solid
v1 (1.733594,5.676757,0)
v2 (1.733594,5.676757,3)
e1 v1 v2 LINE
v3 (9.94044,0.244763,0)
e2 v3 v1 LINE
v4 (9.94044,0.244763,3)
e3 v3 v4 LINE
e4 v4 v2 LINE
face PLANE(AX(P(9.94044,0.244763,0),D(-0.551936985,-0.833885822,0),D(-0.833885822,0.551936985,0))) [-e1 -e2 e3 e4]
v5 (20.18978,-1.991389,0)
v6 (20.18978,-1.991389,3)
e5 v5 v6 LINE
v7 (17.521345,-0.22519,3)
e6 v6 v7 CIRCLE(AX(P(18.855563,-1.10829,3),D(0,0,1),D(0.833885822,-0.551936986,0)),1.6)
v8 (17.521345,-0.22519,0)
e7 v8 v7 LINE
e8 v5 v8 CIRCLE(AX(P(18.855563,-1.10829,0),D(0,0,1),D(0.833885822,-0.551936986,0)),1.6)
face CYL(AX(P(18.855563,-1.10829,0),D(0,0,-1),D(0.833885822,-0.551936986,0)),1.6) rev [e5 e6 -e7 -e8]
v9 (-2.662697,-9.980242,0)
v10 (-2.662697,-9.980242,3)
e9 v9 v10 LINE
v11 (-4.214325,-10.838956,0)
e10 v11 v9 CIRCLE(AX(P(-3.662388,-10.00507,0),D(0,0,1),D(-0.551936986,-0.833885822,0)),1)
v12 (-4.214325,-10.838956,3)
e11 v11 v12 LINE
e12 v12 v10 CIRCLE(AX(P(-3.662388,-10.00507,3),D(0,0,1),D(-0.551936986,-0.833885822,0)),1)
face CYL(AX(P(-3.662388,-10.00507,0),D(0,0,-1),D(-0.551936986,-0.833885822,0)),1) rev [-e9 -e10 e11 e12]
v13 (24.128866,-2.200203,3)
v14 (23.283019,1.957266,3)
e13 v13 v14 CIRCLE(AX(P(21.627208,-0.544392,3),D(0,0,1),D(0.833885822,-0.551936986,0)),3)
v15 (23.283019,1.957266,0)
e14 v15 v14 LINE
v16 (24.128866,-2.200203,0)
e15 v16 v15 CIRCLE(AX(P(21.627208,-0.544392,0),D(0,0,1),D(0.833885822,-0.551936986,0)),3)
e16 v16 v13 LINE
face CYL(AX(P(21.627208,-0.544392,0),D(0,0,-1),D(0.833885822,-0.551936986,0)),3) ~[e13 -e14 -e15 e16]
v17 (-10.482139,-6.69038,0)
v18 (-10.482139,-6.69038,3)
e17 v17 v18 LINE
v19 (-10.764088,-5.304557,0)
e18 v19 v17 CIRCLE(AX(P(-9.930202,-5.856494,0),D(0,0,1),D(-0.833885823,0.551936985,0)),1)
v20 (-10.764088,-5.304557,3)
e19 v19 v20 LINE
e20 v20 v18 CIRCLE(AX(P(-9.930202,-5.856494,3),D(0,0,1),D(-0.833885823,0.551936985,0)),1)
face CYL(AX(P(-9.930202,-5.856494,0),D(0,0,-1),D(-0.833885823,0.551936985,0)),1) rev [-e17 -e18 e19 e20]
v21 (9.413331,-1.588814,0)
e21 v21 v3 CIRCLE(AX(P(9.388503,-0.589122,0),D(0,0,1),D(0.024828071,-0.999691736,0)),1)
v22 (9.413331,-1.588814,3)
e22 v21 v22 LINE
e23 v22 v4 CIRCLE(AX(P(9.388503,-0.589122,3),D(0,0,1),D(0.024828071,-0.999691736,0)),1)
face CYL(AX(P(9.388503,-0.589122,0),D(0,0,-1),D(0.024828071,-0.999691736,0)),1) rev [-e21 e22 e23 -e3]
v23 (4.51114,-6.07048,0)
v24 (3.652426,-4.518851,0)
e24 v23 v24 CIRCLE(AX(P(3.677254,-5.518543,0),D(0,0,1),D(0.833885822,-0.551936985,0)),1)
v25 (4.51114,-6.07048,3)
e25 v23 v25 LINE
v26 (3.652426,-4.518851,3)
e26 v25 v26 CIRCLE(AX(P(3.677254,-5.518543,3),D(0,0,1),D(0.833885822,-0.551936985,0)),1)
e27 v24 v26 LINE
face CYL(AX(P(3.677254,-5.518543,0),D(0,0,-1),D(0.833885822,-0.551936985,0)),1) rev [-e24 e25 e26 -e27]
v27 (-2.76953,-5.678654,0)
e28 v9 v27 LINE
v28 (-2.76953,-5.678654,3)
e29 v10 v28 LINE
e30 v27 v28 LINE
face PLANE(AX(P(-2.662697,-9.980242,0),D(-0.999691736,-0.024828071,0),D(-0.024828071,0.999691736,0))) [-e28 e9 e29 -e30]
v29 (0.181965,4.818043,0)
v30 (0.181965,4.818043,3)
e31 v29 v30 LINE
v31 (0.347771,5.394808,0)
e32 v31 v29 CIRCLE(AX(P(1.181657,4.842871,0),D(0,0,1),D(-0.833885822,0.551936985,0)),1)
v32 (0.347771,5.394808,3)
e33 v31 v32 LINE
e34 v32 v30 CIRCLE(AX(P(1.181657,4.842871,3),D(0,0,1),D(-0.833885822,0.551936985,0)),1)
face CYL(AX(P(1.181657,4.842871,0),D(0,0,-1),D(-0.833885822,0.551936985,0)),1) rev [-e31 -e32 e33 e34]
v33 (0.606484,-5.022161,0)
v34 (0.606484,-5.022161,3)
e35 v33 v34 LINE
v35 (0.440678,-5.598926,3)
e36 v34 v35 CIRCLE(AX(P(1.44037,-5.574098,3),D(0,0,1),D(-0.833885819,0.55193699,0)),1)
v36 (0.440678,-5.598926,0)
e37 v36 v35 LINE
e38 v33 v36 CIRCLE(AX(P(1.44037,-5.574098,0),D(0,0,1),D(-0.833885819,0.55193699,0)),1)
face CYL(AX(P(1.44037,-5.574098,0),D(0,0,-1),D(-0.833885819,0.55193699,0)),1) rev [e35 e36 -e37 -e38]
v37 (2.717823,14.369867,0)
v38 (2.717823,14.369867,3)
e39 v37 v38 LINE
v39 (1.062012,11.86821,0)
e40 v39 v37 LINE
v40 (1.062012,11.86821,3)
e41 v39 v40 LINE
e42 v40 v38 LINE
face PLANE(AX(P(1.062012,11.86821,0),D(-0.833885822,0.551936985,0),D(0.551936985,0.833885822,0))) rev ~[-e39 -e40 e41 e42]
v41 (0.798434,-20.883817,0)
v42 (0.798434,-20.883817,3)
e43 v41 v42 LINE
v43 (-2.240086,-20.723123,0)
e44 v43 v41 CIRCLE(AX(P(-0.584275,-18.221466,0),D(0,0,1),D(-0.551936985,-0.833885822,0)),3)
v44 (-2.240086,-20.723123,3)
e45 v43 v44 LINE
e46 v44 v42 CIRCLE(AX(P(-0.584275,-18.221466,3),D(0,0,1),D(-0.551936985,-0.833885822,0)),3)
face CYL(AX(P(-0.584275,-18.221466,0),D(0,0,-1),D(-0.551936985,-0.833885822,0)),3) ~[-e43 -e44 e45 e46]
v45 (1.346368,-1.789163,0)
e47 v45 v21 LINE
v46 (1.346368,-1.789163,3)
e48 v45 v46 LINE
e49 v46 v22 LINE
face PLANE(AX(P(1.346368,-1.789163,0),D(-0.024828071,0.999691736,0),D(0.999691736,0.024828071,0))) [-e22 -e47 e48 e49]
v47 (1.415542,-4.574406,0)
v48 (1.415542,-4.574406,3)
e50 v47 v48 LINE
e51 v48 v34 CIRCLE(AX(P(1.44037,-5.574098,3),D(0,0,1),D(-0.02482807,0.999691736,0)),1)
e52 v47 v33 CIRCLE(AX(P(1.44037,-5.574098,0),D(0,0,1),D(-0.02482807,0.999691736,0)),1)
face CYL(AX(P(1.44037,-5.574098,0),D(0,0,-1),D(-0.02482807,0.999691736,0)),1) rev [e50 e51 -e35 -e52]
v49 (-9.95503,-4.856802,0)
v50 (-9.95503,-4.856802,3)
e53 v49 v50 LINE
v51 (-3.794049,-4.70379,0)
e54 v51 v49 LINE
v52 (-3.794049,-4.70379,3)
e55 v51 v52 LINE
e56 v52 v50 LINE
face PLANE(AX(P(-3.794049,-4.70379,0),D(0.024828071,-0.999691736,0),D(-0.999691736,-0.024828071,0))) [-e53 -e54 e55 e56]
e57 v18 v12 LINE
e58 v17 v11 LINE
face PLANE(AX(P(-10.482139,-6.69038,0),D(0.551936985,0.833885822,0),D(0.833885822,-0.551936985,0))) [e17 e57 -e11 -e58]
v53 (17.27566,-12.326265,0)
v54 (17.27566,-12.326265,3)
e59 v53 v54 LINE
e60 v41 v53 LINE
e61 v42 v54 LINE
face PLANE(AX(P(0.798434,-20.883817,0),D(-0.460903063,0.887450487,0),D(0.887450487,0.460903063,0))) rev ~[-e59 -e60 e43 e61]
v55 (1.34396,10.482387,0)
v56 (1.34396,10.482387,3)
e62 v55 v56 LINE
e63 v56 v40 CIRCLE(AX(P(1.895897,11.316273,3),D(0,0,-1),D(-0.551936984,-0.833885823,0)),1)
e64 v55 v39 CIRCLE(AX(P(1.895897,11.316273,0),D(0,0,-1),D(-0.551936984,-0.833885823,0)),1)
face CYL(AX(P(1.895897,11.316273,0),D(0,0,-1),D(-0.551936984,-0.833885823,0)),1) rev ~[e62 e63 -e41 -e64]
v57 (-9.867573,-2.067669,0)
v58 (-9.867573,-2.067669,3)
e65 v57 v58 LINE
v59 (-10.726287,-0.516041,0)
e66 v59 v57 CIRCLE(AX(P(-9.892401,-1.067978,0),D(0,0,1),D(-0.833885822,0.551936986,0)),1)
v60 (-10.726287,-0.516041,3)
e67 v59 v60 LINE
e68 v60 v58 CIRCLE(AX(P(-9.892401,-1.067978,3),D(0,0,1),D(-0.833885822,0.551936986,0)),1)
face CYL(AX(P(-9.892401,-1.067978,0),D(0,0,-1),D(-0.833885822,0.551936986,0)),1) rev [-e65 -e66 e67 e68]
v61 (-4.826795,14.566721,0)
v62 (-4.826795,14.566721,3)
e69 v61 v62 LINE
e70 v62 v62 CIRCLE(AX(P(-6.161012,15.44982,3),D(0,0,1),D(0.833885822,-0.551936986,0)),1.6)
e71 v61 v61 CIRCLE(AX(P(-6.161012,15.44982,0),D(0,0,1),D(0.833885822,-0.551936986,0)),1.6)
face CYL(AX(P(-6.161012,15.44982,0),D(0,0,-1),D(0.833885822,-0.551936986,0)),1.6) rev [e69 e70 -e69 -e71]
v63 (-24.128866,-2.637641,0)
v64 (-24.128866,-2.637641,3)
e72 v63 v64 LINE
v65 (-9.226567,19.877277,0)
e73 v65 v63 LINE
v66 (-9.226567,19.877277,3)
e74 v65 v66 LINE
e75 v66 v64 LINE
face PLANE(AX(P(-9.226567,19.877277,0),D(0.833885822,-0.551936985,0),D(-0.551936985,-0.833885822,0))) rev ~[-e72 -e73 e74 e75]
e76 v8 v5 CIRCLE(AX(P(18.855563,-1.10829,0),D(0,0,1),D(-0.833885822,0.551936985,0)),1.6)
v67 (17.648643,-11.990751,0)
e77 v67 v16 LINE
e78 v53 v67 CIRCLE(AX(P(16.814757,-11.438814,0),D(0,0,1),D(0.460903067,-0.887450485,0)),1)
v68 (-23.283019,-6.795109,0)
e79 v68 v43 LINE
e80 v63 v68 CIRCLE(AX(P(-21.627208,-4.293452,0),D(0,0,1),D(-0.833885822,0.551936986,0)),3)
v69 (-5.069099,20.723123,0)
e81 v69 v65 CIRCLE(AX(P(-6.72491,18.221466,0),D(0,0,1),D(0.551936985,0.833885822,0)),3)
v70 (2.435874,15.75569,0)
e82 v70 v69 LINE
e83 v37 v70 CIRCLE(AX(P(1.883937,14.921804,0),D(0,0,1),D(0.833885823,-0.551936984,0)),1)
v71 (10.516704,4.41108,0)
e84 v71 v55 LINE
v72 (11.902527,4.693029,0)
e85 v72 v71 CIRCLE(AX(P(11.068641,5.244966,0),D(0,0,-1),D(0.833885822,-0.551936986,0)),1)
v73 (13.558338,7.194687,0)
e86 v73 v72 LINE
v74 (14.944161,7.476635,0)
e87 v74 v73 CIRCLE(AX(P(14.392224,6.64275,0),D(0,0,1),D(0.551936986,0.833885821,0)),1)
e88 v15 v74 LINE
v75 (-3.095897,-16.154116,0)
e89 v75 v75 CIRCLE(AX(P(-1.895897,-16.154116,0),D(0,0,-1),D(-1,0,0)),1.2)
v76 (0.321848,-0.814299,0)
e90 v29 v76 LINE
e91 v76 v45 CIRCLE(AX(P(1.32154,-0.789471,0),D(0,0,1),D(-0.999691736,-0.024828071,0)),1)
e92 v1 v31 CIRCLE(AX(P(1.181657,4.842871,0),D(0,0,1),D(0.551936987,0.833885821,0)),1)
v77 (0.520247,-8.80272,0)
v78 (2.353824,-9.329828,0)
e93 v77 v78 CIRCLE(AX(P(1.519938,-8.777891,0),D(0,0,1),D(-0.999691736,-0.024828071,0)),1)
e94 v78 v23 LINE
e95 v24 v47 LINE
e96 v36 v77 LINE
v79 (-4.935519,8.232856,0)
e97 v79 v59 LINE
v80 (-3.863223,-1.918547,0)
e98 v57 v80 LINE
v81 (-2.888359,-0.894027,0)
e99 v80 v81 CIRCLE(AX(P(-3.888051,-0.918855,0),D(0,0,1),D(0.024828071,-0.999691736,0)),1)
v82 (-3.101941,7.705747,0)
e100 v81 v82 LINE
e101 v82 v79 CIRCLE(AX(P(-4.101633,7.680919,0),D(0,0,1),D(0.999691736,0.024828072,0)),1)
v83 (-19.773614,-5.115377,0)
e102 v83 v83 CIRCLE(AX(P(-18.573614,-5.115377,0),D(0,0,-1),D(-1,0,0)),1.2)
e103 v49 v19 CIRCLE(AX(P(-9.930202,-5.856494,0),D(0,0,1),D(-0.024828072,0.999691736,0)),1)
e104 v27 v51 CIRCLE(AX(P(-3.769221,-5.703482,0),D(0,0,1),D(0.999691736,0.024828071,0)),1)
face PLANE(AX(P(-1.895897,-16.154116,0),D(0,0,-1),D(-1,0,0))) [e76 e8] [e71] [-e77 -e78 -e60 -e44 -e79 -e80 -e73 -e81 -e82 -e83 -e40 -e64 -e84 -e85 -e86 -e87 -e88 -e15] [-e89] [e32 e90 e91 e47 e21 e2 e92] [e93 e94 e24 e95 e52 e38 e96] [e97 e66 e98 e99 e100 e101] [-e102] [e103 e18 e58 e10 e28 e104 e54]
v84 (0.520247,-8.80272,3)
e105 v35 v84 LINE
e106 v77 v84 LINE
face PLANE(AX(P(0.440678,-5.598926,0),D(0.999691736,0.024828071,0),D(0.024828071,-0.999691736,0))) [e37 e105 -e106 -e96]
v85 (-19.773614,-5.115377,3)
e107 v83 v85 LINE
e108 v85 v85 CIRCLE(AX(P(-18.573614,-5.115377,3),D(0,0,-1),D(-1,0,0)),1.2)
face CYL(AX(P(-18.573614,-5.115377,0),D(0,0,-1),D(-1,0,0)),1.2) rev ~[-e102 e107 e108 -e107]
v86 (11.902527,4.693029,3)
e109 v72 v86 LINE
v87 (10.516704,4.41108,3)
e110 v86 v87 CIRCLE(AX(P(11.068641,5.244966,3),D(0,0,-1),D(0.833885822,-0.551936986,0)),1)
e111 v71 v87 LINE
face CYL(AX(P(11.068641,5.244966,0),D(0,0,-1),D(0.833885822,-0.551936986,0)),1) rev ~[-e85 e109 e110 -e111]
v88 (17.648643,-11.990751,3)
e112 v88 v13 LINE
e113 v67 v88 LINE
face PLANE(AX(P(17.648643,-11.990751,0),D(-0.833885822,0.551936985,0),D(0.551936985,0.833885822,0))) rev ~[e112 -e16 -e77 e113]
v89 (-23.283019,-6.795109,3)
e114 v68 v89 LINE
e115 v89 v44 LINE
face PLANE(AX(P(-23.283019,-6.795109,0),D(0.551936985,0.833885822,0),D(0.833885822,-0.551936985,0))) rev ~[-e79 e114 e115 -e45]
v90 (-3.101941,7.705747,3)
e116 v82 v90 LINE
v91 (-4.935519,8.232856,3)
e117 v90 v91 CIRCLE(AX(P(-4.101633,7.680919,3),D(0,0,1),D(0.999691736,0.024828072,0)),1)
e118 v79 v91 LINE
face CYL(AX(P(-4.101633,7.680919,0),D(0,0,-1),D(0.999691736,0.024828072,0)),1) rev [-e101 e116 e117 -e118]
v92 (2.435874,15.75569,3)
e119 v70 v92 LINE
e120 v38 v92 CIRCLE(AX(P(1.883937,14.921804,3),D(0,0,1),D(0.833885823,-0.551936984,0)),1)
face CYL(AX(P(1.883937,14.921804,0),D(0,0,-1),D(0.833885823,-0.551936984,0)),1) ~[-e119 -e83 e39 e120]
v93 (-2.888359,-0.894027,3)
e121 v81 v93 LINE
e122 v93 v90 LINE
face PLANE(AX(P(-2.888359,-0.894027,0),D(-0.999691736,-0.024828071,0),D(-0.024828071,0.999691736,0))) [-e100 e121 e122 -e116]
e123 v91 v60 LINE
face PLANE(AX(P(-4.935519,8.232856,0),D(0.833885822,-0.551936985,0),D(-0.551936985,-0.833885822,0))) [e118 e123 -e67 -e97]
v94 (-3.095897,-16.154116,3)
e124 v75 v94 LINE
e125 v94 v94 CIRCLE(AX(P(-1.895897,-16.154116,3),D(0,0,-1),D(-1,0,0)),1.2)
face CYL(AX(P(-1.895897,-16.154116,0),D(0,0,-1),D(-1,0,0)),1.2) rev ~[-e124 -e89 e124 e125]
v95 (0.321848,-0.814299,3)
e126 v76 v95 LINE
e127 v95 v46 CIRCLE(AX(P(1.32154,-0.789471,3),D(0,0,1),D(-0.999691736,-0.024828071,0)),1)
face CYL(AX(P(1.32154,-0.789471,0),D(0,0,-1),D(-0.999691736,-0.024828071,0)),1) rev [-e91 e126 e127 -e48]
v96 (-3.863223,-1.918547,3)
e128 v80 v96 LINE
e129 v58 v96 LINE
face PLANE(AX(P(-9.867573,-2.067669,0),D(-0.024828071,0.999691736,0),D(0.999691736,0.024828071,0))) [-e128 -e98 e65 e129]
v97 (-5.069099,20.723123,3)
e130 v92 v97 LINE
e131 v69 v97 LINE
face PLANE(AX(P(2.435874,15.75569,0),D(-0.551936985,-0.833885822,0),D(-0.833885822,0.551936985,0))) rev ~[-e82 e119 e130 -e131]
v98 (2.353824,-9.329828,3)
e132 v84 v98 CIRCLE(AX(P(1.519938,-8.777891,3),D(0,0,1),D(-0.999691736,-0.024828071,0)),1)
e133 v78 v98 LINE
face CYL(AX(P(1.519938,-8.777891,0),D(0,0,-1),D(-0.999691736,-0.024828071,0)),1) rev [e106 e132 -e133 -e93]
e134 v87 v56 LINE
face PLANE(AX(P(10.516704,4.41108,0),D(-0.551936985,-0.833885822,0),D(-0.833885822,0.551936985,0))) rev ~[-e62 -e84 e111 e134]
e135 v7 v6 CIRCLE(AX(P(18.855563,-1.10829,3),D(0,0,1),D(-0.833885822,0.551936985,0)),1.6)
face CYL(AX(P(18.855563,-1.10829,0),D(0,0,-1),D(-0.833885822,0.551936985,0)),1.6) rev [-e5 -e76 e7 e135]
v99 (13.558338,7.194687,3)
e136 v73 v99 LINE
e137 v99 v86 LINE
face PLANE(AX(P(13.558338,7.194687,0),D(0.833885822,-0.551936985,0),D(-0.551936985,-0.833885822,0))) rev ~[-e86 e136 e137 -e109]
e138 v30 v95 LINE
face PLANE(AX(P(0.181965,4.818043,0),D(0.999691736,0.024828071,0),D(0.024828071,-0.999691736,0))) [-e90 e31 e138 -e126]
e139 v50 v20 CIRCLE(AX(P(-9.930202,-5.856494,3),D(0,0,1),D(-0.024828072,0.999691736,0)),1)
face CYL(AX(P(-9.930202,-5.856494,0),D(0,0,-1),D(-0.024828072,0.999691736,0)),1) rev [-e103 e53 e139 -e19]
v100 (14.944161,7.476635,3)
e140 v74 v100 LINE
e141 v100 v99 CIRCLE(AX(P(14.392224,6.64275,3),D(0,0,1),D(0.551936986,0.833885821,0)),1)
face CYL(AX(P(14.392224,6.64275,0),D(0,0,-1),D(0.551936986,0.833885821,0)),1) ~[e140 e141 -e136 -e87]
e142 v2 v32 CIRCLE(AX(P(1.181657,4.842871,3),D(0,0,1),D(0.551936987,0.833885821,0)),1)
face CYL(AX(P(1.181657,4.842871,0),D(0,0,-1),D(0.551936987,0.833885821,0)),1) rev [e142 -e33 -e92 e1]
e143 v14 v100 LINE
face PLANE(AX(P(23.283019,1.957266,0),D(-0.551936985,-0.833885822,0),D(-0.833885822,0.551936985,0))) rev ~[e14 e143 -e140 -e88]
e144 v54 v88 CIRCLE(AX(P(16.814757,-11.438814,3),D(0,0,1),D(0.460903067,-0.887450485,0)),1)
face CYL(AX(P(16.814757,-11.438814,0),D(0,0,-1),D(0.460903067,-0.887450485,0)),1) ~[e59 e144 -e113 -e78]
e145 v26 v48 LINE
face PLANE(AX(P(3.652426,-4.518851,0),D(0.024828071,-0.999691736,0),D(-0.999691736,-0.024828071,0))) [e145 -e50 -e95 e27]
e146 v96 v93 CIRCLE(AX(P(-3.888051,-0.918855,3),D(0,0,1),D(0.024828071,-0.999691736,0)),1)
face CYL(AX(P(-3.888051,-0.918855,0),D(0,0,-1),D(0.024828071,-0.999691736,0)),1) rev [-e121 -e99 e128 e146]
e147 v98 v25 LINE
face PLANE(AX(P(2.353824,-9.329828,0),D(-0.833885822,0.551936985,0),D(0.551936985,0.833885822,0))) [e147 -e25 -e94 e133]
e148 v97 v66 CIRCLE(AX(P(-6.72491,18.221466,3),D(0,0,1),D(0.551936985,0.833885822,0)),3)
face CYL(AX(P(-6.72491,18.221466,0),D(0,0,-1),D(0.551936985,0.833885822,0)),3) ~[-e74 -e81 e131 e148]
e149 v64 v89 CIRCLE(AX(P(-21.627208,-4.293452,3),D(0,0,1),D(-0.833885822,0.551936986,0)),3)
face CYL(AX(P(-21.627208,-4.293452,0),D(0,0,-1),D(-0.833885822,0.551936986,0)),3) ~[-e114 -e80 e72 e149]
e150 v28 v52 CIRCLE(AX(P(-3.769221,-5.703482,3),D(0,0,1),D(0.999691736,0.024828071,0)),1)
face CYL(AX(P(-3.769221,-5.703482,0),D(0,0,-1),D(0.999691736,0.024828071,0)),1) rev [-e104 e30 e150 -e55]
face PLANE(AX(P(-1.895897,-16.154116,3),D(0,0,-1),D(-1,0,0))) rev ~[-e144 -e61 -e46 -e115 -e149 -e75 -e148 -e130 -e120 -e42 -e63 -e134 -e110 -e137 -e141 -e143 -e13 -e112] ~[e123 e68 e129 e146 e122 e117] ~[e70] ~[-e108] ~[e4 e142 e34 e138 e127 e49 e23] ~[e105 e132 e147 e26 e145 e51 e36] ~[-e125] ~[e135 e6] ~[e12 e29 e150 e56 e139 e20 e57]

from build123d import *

# Parameters (mm, degrees)
EXTRUDE_1_DEPTH = 3
SKETCH_2_R      = 2.1
SKETCH_2_R_2    = 1.2
EXTRUDE_2_DEPTH = 3


with BuildPart() as part:
    # 草图1 → 凸台-拉伸1 (new body)
    with BuildSketch(Plane.XY):
        with BuildLine():
            Line((0.798434478, -20.883817003), (17.2756604, -12.326264758))
            ThreePointArc((17.2756604, -12.326264758), (17.48353375, -12.18227786), (17.648643158, -11.990751257))
            Line((17.648643158, -11.990751257), (24.128865743, -2.200202913))
            ThreePointArc((24.128865743, -2.200202913), (24.566982391, 0.053711846), (23.283019233, 1.957265509))
            Line((23.283019233, 1.957265509), (14.944161012, 7.476635362))
            ThreePointArc((14.944161012, 7.476635362), (14.192856092, 7.622674245), (13.558338205, 7.194686526))
            Line((13.558338205, 7.194686526), (11.902527249, 4.693029059))
            ThreePointArc((11.902527249, 4.693029059), (11.268009361, 4.26504134), (10.516704441, 4.411080223))
            Line((10.516704441, 4.411080223), (1.343960399, 10.482387061))
            ThreePointArc((1.343960399, 10.482387061), (0.915972679, 11.116904949), (1.062011562, 11.868209869))
            Line((1.062011562, 11.868209869), (2.717822518, 14.369867335))
            ThreePointArc((2.717822518, 14.369867335), (2.8638614, 15.121172254), (2.435873681, 15.755690142))
            Line((2.435873681, 15.755690142), (-5.069098717, 20.72312301))
            ThreePointArc((-5.069098717, 20.72312301), (-7.323013477, 21.161239658), (-9.22656714, 19.8772765))
            Line((-9.22656714, 19.8772765), (-24.128865743, -2.637640696))
            ThreePointArc((-24.128865743, -2.637640696), (-24.566982391, -4.891555455), (-23.283019233, -6.795109118))
            Line((-23.283019233, -6.795109118), (-2.240085668, -20.72312301))
            ThreePointArc((-2.240085668, -20.72312301), (-0.742710136, -21.217278992), (0.798434478, -20.883817003))
        make_face()
        with BuildLine():
            Line((3.65242583, -4.518851403), (1.415541705, -4.574406046))
            ThreePointArc((1.415541705, -4.574406046), (0.956150335, -4.699151193), (0.606483954, -5.022160797))
            ThreePointArc((0.606483954, -5.022160797), (0.479294259, -5.297811966), (0.44067804, -5.598925853))
            Line((0.44067804, -5.598925853), (0.520246584, -8.802719514))
            ThreePointArc((0.520246584, -8.802719514), (1.243652504, -9.738966959), (2.353824142, -9.329828428))
            Line((2.353824142, -9.329828428), (4.511139723, -6.070480125))
            ThreePointArc((4.511139723, -6.070480125), (4.55220049, -5.034323699), (3.65242583, -4.518851403))
        make_face(mode=Mode.SUBTRACT)
        with BuildLine():
            Line((-3.794049487, -4.70379003), (-9.955030272, -4.856802465))
            ThreePointArc((-9.955030272, -4.856802465), (-10.414421641, -4.981547612), (-10.764088023, -5.304557216))
            ThreePointArc((-10.764088023, -5.304557216), (-10.910126905, -6.055862136), (-10.482139186, -6.690380023))
            Line((-10.482139186, -6.690380023), (-4.214325339, -10.838955509))
            ThreePointArc((-4.214325339, -10.838955509), (-3.178168913, -10.880016276), (-2.662696618, -9.980241616))
            Line((-2.662696618, -9.980241616), (-2.76952968, -5.678653695))
            ThreePointArc((-2.76952968, -5.678653695), (-3.079888708, -4.979036863), (-3.794049487, -4.70379003))
        make_face(mode=Mode.SUBTRACT)
        with BuildLine():
            Line((1.346368171, -1.789163051), (9.413331456, -1.588814155))
            ThreePointArc((9.413331456, -1.588814155), (10.349578901, -0.865408235), (9.94044037, 0.244763403))
            Line((9.94044037, 0.244763403), (1.733593774, 5.676756668))
            ThreePointArc((1.733593774, 5.676756668), (0.982288854, 5.822795551), (0.347770967, 5.394807831))
            ThreePointArc((0.347770967, 5.394807831), (0.220581273, 5.119156662), (0.181965053, 4.818042775))
            Line((0.181965053, 4.818042775), (0.321848364, -0.814299386))
            ThreePointArc((0.321848364, -0.814299386), (0.632207392, -1.513916218), (1.346368171, -1.789163051))
        make_face(mode=Mode.SUBTRACT)
        with BuildLine():
            Line((-9.867573328, -2.067669438), (-3.863223021, -1.918547035))
            ThreePointArc((-3.863223021, -1.918547035), (-3.163606189, -1.608188007), (-2.888359356, -0.894027228))
            Line((-2.888359356, -0.894027228), (-3.10194101, 7.705747447))
            ThreePointArc((-3.10194101, 7.705747447), (-3.82534693, 8.641994892), (-4.935518568, 8.232856362))
            Line((-4.935518568, 8.232856362), (-10.726287221, -0.516040717))
            ThreePointArc((-10.726287221, -0.516040717), (-10.767347988, -1.552197143), (-9.867573328, -2.067669438))
        make_face(mode=Mode.SUBTRACT)
        with BuildLine():
            ThreePointArc((17.521345347, -0.225190454), (17.972463486, -2.442506946), (20.189779977, -1.991388807))
            ThreePointArc((20.189779977, -1.991388807), (19.738661839, 0.225927685), (17.521345347, -0.225190454))
        make_face(mode=Mode.SUBTRACT)
        with BuildLine():
            ThreePointArc((-3.64705761, -14.995048823), (-3.054965053, -17.905276719), (-0.144737158, -17.313184161))
            ThreePointArc((-0.144737158, -17.313184161), (-0.736829715, -14.402956266), (-3.64705761, -14.995048823))
        make_face(mode=Mode.SUBTRACT)
        with BuildLine():
            ThreePointArc((-20.324774052, -3.956309117), (-19.732681494, -6.866537012), (-16.822453599, -6.274444455))
            ThreePointArc((-16.822453599, -6.274444455), (-17.414546156, -3.36421656), (-20.324774052, -3.956309117))
        make_face(mode=Mode.SUBTRACT)
        with BuildLine():
            ThreePointArc((-7.495229315, 16.332919105), (-7.044111176, 14.115602614), (-4.826794685, 14.566720752))
            ThreePointArc((-4.826794685, 14.566720752), (-5.277912823, 16.784037244), (-7.495229315, 16.332919105))
        make_face(mode=Mode.SUBTRACT)
    extrude(amount=EXTRUDE_1_DEPTH)

    # 草图2 → 凸台-拉伸2 (add)
    # profile 1 of 2: a face of its own
    with BuildSketch(Plane(origin=(0, 0, 0), x_dir=(-1, 0, 0), z_dir=(0, 0, -1))):
        with Locations((1.895897384, -16.154116492)):
            Circle(SKETCH_2_R)
        with Locations((1.895897384, -16.154116492)):
            Circle(SKETCH_2_R_2, mode=Mode.SUBTRACT)
    # profile 2 of 2: a face of its own
    with BuildSketch(Plane(origin=(0, 0, 0), x_dir=(-1, 0, 0), z_dir=(0, 0, -1))):
        with Locations((18.573613825, -5.115376786)):
            Circle(SKETCH_2_R)
        with Locations((18.573613825, -5.115376786)):
            Circle(SKETCH_2_R_2, mode=Mode.SUBTRACT)
    extrude(amount=-EXTRUDE_2_DEPTH)


solid = part.part
